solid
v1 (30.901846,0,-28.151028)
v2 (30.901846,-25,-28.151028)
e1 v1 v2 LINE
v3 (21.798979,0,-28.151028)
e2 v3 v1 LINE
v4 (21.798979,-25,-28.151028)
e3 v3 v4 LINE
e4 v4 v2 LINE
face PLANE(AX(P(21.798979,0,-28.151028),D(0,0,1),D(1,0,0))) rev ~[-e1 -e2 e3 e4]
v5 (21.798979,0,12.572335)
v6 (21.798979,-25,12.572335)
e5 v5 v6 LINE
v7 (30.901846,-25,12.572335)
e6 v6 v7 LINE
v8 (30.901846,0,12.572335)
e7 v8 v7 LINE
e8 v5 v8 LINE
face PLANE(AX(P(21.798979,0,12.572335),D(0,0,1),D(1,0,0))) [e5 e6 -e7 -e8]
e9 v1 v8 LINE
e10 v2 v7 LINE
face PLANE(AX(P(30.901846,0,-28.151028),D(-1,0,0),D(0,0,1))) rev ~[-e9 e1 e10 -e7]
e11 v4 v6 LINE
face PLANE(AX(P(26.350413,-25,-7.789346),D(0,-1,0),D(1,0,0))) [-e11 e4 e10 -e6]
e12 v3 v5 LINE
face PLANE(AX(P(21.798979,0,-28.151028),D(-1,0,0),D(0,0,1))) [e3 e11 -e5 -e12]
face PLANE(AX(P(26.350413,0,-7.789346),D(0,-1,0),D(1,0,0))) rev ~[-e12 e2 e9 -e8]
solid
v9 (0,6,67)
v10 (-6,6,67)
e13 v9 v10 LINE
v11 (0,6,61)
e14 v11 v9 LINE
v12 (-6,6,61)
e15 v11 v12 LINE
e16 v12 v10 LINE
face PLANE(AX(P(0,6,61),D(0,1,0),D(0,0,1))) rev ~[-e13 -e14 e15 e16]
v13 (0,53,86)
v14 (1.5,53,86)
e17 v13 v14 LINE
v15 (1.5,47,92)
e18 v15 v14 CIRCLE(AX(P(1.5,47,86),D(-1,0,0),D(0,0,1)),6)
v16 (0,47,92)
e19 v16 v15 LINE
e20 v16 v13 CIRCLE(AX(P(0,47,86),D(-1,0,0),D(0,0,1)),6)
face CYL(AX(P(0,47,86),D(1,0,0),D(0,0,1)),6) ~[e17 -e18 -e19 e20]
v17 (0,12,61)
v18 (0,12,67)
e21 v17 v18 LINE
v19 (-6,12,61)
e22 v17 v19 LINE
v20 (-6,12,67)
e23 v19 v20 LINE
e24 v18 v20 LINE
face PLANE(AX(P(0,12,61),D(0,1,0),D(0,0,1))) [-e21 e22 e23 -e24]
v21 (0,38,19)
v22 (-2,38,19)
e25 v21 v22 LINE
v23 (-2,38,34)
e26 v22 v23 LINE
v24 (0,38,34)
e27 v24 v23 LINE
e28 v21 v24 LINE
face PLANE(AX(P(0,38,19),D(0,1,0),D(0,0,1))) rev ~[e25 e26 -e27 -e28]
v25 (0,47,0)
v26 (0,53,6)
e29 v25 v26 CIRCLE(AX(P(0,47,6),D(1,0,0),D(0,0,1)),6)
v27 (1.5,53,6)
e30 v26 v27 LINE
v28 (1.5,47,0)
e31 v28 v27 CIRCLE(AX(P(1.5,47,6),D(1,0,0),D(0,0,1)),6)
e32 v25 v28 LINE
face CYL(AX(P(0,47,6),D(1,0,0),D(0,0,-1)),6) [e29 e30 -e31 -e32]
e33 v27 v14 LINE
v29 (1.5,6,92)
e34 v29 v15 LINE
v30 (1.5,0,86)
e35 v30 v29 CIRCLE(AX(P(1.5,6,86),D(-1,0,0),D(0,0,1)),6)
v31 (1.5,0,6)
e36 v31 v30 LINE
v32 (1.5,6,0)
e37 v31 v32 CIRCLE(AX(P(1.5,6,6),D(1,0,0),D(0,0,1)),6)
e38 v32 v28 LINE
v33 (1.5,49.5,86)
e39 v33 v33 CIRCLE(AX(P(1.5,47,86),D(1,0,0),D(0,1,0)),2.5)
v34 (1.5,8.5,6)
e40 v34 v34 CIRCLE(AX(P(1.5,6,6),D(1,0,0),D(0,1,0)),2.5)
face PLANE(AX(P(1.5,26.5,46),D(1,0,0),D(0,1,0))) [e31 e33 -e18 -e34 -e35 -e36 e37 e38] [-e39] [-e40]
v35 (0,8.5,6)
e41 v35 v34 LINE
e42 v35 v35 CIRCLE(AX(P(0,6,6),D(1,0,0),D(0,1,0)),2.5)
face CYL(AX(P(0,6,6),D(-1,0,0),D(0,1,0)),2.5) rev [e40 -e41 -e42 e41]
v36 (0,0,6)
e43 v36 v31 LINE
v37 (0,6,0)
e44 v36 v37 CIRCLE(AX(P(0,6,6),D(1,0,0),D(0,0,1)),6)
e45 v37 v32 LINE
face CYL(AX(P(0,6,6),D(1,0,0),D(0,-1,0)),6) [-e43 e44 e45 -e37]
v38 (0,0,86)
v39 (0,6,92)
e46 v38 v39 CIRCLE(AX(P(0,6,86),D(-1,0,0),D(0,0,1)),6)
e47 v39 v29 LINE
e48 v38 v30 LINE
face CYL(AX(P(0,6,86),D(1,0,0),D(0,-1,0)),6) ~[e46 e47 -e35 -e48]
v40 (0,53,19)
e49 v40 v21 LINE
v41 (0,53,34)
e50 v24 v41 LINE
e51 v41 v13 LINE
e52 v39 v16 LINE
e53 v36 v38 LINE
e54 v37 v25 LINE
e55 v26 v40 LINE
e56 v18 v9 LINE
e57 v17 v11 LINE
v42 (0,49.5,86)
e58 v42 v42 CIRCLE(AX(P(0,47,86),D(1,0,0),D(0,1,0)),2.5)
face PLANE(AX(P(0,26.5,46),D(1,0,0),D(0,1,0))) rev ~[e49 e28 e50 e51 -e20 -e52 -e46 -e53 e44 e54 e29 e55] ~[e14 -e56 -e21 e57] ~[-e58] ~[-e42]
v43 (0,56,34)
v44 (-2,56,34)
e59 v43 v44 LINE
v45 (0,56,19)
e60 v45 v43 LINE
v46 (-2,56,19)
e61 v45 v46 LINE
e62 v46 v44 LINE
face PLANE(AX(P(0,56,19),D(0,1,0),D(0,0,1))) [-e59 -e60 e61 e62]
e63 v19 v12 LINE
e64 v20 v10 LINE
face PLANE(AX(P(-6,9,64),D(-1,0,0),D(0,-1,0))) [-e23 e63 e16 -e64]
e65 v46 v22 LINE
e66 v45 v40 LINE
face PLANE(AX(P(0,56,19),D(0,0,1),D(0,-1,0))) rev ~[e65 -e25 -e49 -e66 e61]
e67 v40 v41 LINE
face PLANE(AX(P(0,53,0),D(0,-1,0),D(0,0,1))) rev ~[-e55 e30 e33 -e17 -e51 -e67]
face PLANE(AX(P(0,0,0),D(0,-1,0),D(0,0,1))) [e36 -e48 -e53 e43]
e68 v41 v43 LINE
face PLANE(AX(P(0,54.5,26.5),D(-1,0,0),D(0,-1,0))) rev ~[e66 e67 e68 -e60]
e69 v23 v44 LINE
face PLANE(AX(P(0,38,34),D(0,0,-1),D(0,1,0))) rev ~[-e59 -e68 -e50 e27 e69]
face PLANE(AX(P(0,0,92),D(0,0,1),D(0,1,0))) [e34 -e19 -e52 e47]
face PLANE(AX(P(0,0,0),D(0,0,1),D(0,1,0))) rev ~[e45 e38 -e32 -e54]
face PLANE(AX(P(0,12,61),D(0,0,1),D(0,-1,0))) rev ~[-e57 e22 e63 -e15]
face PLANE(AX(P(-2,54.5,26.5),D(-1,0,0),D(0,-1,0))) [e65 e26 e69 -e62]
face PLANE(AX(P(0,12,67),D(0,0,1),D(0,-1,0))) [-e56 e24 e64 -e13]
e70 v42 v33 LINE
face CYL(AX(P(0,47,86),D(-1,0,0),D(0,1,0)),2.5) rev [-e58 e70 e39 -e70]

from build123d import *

# Parameters (mm, degrees)
F0_W     = 53
F0_H     = 92
F0_R     = 2.5
F1_DEPTH = 1.5
F2_R     = 6
F3_W     = 6
F3_H     = 6
F4_DEPTH = 6
F5_W     = 3
F5_H     = 15
F5_W_2   = 15
F6_DEPTH = 2
F7_W     = 9.1028660536
F7_H     = 40.7233629376
F8_DEPTH = 25


with BuildPart() as f1:
    # F0 (on Right) → F1 (new body)
    with BuildSketch(Plane.YZ):
        with Locations((26.5, 46)):
            Rectangle(F0_W, F0_H)
        with Locations((6, 6)):
            Circle(F0_R, mode=Mode.SUBTRACT)
        with Locations((47, 86)):
            Circle(F0_R, mode=Mode.SUBTRACT)
    extrude(amount=F1_DEPTH)

    # F2
    f2_edges = [f1.edges().sort_by_distance(p)[0] for p in [
        (0.75, 0, 92),
        (0.75, 53, 92),
        (0.75, 53, 0),
        (0.75, 0, 0),
    ]]
    fillet(f2_edges, radius=F2_R)

    # F3 (on face) → F4 (join)
    with BuildSketch(Plane(origin=(0, 0, 0), x_dir=(0, -1, 0), z_dir=(-1, 0, 0))):
        with Locations((-9, 64)):
            Rectangle(F3_W, F3_H)
    extrude(amount=F4_DEPTH)

    # F5 (on face) → F6 (join)
    with BuildSketch(Plane(origin=(0, 0, 0), x_dir=(0, -1, 0), z_dir=(-1, 0, 0))):
        with Locations((-54.5, 26.5)):
            Rectangle(F5_W, F5_H)
        with Locations((-45.5, 26.5)):
            Rectangle(F5_W_2, F5_H)
    extrude(amount=F6_DEPTH)


with BuildPart() as f8:
    # F7 (on Front) → F8 (new body)
    with BuildSketch(Plane.XZ):
        with Locations((26.3504125178, -7.7893463895)):
            Rectangle(F7_W, F7_H)
    extrude(amount=F8_DEPTH)


solid = Compound([f1.part, f8.part])
